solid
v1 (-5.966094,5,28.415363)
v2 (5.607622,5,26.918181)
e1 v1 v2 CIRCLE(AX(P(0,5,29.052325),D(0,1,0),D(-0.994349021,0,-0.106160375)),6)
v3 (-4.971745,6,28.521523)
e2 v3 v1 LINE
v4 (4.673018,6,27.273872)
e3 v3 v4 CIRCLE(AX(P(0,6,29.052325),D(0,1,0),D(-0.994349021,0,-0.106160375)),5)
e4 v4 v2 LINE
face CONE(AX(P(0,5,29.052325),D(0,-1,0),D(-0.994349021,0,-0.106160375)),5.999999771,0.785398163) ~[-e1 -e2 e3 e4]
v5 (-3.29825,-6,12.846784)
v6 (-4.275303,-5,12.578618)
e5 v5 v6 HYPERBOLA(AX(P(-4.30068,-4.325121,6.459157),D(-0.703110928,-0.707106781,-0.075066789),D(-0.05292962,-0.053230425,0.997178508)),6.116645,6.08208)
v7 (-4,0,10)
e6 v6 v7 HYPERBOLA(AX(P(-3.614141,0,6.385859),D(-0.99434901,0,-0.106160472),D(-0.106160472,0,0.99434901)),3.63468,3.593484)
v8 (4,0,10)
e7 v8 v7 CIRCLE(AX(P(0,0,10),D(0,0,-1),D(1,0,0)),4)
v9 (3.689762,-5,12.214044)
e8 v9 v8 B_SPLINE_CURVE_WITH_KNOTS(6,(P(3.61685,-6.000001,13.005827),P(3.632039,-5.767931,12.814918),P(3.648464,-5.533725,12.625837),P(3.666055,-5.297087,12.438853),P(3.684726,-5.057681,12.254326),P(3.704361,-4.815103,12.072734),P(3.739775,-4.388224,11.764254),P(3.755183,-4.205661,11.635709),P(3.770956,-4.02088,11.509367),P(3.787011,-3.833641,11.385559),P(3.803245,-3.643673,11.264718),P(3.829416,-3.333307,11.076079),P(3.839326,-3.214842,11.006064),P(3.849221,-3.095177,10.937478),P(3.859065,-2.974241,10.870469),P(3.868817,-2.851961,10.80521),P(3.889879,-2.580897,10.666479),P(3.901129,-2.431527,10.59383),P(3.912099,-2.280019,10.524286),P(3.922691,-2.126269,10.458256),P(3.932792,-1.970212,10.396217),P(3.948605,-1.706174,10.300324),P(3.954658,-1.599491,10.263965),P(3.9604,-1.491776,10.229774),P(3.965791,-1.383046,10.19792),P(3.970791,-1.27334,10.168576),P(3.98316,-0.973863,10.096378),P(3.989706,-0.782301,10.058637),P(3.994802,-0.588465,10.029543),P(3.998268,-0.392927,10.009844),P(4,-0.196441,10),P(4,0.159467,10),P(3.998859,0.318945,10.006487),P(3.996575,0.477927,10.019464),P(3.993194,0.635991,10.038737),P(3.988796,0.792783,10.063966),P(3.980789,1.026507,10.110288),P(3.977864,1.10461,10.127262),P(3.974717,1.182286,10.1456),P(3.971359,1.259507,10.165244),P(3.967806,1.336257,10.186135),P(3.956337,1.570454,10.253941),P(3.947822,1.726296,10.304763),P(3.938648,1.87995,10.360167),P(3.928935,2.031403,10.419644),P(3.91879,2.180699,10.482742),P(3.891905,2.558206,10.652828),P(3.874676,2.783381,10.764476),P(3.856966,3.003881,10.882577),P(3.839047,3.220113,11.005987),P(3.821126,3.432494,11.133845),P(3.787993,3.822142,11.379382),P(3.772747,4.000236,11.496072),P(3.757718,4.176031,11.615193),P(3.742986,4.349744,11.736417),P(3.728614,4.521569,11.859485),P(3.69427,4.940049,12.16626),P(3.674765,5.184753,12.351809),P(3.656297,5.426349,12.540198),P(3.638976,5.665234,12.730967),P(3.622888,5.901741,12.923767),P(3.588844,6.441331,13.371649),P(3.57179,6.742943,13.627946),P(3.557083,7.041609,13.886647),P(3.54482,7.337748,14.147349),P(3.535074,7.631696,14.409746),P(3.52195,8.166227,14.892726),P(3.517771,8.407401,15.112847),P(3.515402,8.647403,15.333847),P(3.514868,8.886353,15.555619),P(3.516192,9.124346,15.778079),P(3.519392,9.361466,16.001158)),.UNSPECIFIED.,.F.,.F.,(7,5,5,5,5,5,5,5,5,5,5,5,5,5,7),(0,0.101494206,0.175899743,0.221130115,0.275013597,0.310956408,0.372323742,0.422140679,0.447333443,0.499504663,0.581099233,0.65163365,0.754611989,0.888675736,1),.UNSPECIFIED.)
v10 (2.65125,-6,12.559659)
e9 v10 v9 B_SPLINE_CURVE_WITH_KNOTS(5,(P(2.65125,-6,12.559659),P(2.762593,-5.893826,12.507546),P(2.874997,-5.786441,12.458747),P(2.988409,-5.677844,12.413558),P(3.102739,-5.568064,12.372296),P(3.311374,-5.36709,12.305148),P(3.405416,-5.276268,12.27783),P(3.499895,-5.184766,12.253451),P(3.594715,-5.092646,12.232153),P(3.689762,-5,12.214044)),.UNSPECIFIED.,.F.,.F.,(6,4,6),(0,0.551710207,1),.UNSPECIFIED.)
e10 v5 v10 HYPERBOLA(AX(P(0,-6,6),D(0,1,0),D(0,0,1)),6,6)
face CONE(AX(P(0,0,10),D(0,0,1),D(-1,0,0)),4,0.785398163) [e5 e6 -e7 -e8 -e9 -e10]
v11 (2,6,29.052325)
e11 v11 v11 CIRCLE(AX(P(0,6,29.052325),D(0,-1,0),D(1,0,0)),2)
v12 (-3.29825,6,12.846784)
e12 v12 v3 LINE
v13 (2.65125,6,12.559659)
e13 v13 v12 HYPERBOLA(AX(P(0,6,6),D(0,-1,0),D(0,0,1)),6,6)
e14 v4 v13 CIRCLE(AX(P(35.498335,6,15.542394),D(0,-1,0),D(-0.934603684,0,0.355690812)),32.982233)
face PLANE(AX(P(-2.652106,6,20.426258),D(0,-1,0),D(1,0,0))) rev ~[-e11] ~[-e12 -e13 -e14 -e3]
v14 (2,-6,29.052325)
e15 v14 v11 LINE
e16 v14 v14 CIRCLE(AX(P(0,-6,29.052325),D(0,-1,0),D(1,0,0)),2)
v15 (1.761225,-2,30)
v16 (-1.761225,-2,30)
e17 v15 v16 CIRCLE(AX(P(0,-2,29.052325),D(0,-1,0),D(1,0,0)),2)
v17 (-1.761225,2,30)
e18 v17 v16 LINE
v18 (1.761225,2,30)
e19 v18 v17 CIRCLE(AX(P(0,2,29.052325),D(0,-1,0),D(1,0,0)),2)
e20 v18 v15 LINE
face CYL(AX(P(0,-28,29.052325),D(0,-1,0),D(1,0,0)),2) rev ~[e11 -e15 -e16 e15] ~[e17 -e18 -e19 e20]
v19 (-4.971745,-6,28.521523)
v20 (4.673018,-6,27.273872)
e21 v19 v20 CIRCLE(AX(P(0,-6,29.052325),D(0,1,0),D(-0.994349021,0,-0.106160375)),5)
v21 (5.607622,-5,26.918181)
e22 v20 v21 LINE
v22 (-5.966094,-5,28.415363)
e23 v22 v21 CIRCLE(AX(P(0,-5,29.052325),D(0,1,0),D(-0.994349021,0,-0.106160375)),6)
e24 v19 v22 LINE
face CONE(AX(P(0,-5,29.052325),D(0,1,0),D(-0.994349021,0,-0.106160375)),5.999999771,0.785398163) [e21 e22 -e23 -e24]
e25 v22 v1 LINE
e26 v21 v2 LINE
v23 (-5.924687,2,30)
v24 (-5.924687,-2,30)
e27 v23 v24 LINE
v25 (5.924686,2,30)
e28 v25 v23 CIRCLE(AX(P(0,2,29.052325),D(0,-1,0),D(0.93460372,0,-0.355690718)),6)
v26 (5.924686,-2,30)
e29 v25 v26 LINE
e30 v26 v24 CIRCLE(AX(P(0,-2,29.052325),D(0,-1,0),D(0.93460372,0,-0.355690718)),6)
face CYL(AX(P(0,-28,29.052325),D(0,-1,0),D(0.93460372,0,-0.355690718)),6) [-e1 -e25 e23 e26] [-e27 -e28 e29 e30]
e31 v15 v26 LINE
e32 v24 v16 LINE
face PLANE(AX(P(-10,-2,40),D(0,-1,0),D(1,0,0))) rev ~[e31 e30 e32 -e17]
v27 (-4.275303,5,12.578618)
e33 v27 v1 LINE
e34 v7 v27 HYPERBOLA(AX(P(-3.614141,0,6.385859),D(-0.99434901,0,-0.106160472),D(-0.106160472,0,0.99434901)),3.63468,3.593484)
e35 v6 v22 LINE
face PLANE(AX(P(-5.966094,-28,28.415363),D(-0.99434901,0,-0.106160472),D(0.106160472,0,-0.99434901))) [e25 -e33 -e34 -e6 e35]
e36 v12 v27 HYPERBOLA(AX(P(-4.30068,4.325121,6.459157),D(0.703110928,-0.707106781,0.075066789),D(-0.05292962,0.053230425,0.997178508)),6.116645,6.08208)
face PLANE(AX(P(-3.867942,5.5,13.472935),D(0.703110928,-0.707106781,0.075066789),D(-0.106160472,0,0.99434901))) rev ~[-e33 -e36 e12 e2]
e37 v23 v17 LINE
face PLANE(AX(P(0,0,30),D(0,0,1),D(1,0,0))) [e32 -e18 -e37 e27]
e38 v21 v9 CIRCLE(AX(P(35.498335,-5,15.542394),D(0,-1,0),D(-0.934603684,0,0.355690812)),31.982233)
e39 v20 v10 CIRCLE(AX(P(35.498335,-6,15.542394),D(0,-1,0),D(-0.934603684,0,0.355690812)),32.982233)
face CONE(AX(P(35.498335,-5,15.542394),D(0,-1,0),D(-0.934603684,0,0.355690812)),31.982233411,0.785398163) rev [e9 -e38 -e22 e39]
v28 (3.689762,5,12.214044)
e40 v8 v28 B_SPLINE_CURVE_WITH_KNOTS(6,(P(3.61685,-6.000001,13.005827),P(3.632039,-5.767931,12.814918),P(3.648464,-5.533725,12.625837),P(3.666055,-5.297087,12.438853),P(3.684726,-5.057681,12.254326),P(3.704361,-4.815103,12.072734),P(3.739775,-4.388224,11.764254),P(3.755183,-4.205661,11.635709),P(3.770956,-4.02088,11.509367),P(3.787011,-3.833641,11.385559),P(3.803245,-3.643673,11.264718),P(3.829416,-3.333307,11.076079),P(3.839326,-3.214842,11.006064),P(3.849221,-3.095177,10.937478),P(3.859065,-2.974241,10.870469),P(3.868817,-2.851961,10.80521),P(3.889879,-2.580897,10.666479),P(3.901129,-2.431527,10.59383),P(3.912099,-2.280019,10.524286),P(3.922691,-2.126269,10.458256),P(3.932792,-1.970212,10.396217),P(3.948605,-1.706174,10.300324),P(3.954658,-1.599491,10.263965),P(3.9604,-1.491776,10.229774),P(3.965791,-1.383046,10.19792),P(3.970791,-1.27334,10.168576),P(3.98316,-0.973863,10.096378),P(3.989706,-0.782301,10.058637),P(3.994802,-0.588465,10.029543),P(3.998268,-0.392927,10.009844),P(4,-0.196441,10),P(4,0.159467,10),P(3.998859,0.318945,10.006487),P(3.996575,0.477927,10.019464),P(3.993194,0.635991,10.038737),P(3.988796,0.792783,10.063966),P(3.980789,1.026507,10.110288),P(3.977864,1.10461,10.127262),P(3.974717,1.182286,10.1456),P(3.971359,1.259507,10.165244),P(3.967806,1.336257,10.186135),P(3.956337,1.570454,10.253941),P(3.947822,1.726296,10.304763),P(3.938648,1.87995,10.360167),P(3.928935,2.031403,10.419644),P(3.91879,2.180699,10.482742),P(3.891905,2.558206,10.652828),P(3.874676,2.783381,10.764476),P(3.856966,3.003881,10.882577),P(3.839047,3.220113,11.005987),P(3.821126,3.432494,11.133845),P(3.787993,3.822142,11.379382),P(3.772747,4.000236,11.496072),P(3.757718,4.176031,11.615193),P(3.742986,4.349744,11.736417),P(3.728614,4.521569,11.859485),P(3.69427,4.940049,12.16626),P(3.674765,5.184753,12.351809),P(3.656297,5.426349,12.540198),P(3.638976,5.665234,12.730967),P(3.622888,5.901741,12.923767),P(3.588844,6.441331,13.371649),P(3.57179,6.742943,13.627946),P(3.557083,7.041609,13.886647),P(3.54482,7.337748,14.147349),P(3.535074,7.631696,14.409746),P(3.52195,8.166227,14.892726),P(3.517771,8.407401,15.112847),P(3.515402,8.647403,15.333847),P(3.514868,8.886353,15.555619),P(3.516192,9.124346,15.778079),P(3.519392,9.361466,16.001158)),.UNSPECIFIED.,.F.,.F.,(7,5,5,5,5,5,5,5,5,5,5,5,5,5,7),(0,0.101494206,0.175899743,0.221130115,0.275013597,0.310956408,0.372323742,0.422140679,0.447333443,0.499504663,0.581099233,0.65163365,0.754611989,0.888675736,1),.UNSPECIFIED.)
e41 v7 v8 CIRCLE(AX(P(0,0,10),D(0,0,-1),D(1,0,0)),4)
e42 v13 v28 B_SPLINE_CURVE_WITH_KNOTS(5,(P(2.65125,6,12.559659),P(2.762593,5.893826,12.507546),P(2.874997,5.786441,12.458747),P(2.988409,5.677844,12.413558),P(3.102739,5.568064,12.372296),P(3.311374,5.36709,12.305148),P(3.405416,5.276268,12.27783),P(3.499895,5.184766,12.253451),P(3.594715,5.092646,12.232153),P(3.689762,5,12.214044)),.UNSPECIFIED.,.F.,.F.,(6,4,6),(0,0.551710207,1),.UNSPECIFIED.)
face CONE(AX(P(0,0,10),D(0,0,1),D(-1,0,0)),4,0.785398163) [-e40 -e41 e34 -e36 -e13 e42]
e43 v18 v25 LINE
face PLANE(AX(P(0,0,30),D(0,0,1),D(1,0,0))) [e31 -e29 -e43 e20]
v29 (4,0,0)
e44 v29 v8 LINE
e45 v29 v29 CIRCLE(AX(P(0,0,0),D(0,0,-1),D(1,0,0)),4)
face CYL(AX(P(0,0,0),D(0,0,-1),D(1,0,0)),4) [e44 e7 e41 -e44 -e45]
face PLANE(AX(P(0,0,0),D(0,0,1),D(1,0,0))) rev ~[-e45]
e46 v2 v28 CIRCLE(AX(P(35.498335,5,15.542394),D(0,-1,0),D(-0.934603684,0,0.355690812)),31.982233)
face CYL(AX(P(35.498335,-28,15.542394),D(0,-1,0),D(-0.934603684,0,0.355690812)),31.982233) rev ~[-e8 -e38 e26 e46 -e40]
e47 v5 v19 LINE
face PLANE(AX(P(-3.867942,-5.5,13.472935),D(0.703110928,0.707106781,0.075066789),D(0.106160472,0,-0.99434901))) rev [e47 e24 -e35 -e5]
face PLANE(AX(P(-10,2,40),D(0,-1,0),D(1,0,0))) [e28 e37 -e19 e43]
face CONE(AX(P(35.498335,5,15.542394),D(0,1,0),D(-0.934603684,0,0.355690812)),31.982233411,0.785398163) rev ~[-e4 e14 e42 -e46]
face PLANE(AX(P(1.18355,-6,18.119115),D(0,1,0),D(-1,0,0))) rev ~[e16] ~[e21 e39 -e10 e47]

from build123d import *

# Parameters (mm, degrees)
SKETCH_R        = 10
PAD_DEPTH       = 40
SKETCH001_W     = 20
SKETCH001_H     = 4
POCKET_DEPTH    = 10
SKETCH003_R     = 10
SKETCH003_R_2   = 4
POCKET001_DEPTH = 10
SKETCH005_R     = 2
POCKET002_DEPTH = 38.001
SKETCH006_W     = 45.010599
SKETCH006_H     = 48.069569
POCKET003_DEPTH = 4.001
SKETCH009_W     = 22.304068
SKETCH009_H     = 42.809419
POCKET004_DEPTH = 4.001
CHAMFER_SIZE    = 1
CHAMFER001_SIZE = 1


with BuildPart() as part:
    # Sketch → Pad (new body)
    with BuildSketch(Plane.XY):
        Circle(SKETCH_R)
    extrude(amount=PAD_DEPTH)

    # Sketch001 (on Face3 of Pad) → Pocket (cut)
    with BuildSketch(Plane.XY.offset(40)):
        Rectangle(SKETCH001_W, SKETCH001_H)
    extrude(amount=-POCKET_DEPTH, mode=Mode.SUBTRACT)

    # Sketch003 (on Face2 of Pocket) → Pocket001 (cut)
    with BuildSketch(Plane(origin=(0, 0, 0), x_dir=(1, 0, 0), z_dir=(0, 0, -1))):
        Circle(SKETCH003_R)
        Circle(SKETCH003_R_2, mode=Mode.SUBTRACT)
    extrude(amount=-POCKET001_DEPTH, mode=Mode.SUBTRACT)

    # Sketch005 (on DatumPlane) → Pocket002 (cut, through all)
    with BuildSketch(Plane.XZ.offset(28)):
        with Locations((0, 29.052325)):
            Circle(SKETCH005_R)
        with BuildLine():
            ThreePointArc((5.607622, 26.918181), (0.769749, 35.002744), (-5.966094, 28.415363))
            Line((-5.966094, 28.415363), (-4, 10))
            Line((-4, 10), (-20.111568, 10))
            Line((-20.111568, 10), (-20.111568, 42.267994))
            Line((-20.111568, 42.267994), (18.230141, 42.267994))
            Line((18.230141, 42.267994), (18.230141, 10))
            Line((18.230141, 10), (4, 10))
            ThreePointArc((5.607622, 26.918181), (3.659522, 18.567825), (4, 10))
        make_face()
    extrude(amount=-POCKET002_DEPTH, mode=Mode.SUBTRACT)

    # Sketch006 (on DatumPlane) → Pocket003 (cut, through all)
    with BuildSketch(Plane(origin=(0, -6, 0), x_dir=(-1, 0, 0), z_dir=(0, 1, 0))):
        with Locations((-1.18355, 18.119115)):
            Rectangle(SKETCH006_W, SKETCH006_H)
    extrude(amount=-POCKET003_DEPTH, mode=Mode.SUBTRACT)

    # Sketch008 → Groove (revolve, cut)
    with BuildSketch(Plane.XZ):
        Polygon((-4, 10), (-11.309977, 17.309977), (-11.309977, 10), align=None)
    revolve(axis=Axis((0, 0, 0), (0, 0, 1)), mode=Mode.SUBTRACT)

    # Sketch009 (on DatumPlane) → Pocket004 (cut, through all)
    with BuildSketch(Plane.XZ.offset(-6)):
        with Locations((-2.652106, 20.426258)):
            Rectangle(SKETCH009_W, SKETCH009_H)
    extrude(amount=-POCKET004_DEPTH, mode=Mode.SUBTRACT)

    # Chamfer
    chamfer_edges = [part.edges().sort_by_distance(p)[0] for p in [
        (3.83859, -6, 20.072708),
        (0.769749, -6, 35.002744),
        (-5.165605, -6, 20.917609),
    ]]
    chamfer(chamfer_edges, length=CHAMFER_SIZE)

    # Chamfer001
    chamfer001_edges = [part.edges().sort_by_distance(p)[0] for p in [
        (3.83859, 6, 20.072708),
        (0.769749, 6, 35.002744),
        (-5.165605, 6, 20.917609),
    ]]
    chamfer(chamfer001_edges, length=CHAMFER001_SIZE)


solid = part.part
